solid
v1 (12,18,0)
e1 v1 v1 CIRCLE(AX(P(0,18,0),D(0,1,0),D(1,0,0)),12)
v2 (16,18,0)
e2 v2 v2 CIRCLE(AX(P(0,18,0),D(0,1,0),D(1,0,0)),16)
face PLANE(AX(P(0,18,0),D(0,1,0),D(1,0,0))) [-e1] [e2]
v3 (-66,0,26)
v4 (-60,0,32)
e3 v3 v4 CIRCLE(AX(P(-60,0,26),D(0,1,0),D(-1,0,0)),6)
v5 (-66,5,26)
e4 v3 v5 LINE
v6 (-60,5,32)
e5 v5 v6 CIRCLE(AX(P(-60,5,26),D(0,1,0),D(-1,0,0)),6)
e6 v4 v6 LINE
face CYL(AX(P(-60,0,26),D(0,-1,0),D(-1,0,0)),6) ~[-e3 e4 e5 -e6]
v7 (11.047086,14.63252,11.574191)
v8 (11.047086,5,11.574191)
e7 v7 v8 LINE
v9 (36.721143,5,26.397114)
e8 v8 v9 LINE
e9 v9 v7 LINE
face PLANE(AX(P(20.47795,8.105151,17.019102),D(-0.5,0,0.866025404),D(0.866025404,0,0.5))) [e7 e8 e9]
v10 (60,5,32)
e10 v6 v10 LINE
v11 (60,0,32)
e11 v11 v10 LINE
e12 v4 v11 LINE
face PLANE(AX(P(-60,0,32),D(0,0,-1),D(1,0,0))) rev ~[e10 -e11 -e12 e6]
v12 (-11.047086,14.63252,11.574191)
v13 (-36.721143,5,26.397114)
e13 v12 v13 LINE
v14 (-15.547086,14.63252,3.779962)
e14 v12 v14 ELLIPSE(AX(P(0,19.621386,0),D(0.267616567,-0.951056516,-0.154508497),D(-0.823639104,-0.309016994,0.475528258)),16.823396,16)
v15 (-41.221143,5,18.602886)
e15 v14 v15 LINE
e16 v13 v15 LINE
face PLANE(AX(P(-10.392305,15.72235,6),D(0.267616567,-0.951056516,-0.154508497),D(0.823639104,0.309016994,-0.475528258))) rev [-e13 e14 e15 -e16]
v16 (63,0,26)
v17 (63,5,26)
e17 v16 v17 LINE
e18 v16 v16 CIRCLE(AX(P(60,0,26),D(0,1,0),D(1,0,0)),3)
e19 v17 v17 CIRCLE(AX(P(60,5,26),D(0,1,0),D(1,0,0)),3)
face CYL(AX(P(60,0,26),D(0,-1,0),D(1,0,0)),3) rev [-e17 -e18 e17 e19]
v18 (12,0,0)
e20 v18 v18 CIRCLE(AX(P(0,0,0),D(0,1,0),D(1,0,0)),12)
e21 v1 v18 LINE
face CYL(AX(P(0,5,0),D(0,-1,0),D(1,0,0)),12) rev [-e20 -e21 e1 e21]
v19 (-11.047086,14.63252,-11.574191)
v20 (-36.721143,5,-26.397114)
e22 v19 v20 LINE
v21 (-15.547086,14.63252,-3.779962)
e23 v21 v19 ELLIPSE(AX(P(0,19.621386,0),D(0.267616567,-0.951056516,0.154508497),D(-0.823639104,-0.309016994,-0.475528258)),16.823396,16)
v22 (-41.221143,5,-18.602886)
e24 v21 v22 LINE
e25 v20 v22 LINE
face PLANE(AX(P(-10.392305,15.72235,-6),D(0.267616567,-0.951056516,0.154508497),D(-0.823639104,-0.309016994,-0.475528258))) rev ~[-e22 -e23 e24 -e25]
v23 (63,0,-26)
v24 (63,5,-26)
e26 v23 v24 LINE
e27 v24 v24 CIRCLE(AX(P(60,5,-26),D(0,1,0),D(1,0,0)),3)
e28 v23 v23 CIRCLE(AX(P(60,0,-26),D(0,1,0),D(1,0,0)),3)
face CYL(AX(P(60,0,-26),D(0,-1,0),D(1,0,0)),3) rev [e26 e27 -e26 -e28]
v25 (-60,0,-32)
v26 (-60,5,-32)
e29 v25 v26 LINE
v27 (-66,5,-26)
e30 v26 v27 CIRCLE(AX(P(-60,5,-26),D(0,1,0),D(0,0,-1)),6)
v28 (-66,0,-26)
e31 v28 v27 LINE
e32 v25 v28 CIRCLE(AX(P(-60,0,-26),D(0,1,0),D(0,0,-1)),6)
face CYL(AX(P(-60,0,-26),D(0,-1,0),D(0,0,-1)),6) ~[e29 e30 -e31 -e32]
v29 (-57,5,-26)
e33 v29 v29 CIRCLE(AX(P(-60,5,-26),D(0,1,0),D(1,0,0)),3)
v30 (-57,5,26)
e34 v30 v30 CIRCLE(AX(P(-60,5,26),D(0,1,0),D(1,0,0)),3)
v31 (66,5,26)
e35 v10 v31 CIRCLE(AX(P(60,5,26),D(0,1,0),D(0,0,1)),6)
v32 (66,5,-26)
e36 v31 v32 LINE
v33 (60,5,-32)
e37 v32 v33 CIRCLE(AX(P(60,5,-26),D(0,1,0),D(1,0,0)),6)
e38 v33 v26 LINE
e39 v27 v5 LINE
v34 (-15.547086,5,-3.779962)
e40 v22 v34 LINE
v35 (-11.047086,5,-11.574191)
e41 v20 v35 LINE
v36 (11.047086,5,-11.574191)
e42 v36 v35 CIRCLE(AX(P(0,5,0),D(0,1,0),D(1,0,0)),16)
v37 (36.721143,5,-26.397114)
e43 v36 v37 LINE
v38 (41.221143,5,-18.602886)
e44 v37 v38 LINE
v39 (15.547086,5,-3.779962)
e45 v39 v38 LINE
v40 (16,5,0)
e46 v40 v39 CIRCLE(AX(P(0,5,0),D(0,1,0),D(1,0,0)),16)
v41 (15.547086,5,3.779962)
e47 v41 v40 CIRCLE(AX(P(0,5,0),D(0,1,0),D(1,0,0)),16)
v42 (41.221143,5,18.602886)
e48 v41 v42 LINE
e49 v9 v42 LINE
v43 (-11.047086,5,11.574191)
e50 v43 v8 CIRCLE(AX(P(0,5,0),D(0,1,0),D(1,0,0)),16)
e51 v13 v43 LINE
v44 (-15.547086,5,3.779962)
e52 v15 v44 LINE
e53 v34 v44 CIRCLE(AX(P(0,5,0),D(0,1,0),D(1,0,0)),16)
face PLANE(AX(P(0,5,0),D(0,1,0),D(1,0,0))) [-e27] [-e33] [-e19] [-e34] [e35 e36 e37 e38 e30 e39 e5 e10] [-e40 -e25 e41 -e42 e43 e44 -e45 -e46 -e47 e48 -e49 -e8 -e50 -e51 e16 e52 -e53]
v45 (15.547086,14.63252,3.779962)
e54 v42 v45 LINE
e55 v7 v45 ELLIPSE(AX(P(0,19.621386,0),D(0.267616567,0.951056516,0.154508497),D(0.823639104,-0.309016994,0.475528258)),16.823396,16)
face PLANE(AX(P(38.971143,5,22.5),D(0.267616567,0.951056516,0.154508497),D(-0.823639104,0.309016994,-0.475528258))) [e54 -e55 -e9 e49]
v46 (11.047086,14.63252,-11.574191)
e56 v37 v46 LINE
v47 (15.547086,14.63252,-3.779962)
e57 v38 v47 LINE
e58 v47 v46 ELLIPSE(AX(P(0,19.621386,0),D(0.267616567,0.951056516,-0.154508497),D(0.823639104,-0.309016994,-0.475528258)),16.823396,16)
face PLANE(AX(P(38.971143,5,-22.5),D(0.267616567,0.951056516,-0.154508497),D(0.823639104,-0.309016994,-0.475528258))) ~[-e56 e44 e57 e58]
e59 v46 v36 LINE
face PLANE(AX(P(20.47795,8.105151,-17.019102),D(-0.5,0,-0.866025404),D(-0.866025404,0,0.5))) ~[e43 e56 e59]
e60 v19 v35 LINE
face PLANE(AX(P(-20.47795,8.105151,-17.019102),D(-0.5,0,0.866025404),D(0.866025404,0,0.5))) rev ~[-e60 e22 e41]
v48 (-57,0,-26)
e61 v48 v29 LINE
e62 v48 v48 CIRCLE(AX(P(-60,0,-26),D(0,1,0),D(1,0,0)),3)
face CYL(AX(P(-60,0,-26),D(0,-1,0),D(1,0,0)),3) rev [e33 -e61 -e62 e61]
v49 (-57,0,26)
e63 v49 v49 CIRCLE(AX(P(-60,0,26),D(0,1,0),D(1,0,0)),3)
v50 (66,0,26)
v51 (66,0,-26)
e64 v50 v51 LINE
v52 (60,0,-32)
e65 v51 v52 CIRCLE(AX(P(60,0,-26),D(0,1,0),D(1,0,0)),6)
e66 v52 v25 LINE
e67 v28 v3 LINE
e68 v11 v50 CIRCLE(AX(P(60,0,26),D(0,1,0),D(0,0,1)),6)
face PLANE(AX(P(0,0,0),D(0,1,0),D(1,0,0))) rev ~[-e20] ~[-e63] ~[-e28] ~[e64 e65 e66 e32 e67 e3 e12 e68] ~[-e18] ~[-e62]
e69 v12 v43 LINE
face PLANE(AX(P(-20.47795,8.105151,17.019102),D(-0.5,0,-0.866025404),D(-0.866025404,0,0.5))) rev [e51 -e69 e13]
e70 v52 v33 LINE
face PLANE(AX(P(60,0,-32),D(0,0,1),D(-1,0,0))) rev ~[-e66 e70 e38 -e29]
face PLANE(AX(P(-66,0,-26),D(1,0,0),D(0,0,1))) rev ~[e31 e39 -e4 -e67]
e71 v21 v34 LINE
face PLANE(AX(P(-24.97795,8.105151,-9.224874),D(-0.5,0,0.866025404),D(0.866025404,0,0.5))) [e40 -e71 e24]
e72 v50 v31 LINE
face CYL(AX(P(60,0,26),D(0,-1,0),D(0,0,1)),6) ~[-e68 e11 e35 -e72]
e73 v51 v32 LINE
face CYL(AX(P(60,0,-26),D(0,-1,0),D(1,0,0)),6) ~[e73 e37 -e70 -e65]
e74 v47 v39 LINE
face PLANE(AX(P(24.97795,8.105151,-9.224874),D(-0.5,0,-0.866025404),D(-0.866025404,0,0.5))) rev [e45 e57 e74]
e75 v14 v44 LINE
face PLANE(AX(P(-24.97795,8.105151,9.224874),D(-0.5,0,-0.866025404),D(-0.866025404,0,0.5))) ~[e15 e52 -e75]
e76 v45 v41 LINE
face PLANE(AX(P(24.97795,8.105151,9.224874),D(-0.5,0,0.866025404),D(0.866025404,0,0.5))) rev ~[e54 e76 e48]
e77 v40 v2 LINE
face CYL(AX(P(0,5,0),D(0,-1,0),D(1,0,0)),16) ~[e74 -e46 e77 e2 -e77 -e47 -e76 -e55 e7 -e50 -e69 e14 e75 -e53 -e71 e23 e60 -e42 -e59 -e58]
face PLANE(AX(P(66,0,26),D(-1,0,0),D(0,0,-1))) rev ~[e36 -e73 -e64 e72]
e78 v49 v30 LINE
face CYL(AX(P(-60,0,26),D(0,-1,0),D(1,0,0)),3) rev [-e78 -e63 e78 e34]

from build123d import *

# Parameters (mm, degrees)
SKETCH1_R           = 12
SKETCH1_R_2         = 3
BOSS_EXTRUDE2_DEPTH = 5
SKETCH2_R           = 16
SKETCH2_R_2         = 12
BOSS_EXTRUDE3_DEPTH = 13
BOSS_EXTRUDE9_DEPTH = 4.5


with BuildPart() as part:
    # Sketch1 → Boss-Extrude2 (new body)
    with BuildSketch(Plane(origin=(0, 0, 0), x_dir=(1, 0, 0), z_dir=(0, 1, 0))):
        with BuildLine():
            Line((-60, -32), (60, -32))
            ThreePointArc((60, -32), (64.242640687, -30.242640687), (66, -26))
            Line((66, -26), (66, 26))
            ThreePointArc((66, 26), (64.242640687, 30.242640687), (60, 32))
            Line((60, 32), (-60, 32))
            ThreePointArc((-60, 32), (-64.242640687, 30.242640687), (-66, 26))
            Line((-66, 26), (-66, -26))
            ThreePointArc((-66, -26), (-64.242640687, -30.242640687), (-60, -32))
        make_face()
        Circle(SKETCH1_R, mode=Mode.SUBTRACT)
        with Locations((60, 26)):
            Circle(SKETCH1_R_2, mode=Mode.SUBTRACT)
        with Locations((60, -26)):
            Circle(SKETCH1_R_2, mode=Mode.SUBTRACT)
        with Locations((-60, -26)):
            Circle(SKETCH1_R_2, mode=Mode.SUBTRACT)
        with Locations((-60, 26)):
            Circle(SKETCH1_R_2, mode=Mode.SUBTRACT)
    extrude(amount=BOSS_EXTRUDE2_DEPTH)

    # Sketch2 → Boss-Extrude3 (add)
    with BuildSketch(Plane(origin=(0, 5, 0), x_dir=(1, 0, 0), z_dir=(0, 1, 0))):
        Circle(SKETCH2_R)
        Circle(SKETCH2_R_2, mode=Mode.SUBTRACT)
    extrude(amount=BOSS_EXTRUDE3_DEPTH)

    # Sketch4 → Boss-Extrude9 (add, symmetric)
    with BuildSketch(Plane(origin=(0, 0, 0), x_dir=(0.866025404, 0, 0.5), z_dir=(-0.5, 0, 0.866025404))):
        Polygon((-12, 15.722349976), (-45, 5), (-12, 5), align=None)
        Polygon((12, 15.722349976), (12, 5), (45, 5), align=None)
    boss_extrude9 = extrude(amount=BOSS_EXTRUDE9_DEPTH, both=True)

    # Mirror1: Boss-Extrude9 across plane
    add(boss_extrude9.mirror(Plane.XY))


solid = part.part
